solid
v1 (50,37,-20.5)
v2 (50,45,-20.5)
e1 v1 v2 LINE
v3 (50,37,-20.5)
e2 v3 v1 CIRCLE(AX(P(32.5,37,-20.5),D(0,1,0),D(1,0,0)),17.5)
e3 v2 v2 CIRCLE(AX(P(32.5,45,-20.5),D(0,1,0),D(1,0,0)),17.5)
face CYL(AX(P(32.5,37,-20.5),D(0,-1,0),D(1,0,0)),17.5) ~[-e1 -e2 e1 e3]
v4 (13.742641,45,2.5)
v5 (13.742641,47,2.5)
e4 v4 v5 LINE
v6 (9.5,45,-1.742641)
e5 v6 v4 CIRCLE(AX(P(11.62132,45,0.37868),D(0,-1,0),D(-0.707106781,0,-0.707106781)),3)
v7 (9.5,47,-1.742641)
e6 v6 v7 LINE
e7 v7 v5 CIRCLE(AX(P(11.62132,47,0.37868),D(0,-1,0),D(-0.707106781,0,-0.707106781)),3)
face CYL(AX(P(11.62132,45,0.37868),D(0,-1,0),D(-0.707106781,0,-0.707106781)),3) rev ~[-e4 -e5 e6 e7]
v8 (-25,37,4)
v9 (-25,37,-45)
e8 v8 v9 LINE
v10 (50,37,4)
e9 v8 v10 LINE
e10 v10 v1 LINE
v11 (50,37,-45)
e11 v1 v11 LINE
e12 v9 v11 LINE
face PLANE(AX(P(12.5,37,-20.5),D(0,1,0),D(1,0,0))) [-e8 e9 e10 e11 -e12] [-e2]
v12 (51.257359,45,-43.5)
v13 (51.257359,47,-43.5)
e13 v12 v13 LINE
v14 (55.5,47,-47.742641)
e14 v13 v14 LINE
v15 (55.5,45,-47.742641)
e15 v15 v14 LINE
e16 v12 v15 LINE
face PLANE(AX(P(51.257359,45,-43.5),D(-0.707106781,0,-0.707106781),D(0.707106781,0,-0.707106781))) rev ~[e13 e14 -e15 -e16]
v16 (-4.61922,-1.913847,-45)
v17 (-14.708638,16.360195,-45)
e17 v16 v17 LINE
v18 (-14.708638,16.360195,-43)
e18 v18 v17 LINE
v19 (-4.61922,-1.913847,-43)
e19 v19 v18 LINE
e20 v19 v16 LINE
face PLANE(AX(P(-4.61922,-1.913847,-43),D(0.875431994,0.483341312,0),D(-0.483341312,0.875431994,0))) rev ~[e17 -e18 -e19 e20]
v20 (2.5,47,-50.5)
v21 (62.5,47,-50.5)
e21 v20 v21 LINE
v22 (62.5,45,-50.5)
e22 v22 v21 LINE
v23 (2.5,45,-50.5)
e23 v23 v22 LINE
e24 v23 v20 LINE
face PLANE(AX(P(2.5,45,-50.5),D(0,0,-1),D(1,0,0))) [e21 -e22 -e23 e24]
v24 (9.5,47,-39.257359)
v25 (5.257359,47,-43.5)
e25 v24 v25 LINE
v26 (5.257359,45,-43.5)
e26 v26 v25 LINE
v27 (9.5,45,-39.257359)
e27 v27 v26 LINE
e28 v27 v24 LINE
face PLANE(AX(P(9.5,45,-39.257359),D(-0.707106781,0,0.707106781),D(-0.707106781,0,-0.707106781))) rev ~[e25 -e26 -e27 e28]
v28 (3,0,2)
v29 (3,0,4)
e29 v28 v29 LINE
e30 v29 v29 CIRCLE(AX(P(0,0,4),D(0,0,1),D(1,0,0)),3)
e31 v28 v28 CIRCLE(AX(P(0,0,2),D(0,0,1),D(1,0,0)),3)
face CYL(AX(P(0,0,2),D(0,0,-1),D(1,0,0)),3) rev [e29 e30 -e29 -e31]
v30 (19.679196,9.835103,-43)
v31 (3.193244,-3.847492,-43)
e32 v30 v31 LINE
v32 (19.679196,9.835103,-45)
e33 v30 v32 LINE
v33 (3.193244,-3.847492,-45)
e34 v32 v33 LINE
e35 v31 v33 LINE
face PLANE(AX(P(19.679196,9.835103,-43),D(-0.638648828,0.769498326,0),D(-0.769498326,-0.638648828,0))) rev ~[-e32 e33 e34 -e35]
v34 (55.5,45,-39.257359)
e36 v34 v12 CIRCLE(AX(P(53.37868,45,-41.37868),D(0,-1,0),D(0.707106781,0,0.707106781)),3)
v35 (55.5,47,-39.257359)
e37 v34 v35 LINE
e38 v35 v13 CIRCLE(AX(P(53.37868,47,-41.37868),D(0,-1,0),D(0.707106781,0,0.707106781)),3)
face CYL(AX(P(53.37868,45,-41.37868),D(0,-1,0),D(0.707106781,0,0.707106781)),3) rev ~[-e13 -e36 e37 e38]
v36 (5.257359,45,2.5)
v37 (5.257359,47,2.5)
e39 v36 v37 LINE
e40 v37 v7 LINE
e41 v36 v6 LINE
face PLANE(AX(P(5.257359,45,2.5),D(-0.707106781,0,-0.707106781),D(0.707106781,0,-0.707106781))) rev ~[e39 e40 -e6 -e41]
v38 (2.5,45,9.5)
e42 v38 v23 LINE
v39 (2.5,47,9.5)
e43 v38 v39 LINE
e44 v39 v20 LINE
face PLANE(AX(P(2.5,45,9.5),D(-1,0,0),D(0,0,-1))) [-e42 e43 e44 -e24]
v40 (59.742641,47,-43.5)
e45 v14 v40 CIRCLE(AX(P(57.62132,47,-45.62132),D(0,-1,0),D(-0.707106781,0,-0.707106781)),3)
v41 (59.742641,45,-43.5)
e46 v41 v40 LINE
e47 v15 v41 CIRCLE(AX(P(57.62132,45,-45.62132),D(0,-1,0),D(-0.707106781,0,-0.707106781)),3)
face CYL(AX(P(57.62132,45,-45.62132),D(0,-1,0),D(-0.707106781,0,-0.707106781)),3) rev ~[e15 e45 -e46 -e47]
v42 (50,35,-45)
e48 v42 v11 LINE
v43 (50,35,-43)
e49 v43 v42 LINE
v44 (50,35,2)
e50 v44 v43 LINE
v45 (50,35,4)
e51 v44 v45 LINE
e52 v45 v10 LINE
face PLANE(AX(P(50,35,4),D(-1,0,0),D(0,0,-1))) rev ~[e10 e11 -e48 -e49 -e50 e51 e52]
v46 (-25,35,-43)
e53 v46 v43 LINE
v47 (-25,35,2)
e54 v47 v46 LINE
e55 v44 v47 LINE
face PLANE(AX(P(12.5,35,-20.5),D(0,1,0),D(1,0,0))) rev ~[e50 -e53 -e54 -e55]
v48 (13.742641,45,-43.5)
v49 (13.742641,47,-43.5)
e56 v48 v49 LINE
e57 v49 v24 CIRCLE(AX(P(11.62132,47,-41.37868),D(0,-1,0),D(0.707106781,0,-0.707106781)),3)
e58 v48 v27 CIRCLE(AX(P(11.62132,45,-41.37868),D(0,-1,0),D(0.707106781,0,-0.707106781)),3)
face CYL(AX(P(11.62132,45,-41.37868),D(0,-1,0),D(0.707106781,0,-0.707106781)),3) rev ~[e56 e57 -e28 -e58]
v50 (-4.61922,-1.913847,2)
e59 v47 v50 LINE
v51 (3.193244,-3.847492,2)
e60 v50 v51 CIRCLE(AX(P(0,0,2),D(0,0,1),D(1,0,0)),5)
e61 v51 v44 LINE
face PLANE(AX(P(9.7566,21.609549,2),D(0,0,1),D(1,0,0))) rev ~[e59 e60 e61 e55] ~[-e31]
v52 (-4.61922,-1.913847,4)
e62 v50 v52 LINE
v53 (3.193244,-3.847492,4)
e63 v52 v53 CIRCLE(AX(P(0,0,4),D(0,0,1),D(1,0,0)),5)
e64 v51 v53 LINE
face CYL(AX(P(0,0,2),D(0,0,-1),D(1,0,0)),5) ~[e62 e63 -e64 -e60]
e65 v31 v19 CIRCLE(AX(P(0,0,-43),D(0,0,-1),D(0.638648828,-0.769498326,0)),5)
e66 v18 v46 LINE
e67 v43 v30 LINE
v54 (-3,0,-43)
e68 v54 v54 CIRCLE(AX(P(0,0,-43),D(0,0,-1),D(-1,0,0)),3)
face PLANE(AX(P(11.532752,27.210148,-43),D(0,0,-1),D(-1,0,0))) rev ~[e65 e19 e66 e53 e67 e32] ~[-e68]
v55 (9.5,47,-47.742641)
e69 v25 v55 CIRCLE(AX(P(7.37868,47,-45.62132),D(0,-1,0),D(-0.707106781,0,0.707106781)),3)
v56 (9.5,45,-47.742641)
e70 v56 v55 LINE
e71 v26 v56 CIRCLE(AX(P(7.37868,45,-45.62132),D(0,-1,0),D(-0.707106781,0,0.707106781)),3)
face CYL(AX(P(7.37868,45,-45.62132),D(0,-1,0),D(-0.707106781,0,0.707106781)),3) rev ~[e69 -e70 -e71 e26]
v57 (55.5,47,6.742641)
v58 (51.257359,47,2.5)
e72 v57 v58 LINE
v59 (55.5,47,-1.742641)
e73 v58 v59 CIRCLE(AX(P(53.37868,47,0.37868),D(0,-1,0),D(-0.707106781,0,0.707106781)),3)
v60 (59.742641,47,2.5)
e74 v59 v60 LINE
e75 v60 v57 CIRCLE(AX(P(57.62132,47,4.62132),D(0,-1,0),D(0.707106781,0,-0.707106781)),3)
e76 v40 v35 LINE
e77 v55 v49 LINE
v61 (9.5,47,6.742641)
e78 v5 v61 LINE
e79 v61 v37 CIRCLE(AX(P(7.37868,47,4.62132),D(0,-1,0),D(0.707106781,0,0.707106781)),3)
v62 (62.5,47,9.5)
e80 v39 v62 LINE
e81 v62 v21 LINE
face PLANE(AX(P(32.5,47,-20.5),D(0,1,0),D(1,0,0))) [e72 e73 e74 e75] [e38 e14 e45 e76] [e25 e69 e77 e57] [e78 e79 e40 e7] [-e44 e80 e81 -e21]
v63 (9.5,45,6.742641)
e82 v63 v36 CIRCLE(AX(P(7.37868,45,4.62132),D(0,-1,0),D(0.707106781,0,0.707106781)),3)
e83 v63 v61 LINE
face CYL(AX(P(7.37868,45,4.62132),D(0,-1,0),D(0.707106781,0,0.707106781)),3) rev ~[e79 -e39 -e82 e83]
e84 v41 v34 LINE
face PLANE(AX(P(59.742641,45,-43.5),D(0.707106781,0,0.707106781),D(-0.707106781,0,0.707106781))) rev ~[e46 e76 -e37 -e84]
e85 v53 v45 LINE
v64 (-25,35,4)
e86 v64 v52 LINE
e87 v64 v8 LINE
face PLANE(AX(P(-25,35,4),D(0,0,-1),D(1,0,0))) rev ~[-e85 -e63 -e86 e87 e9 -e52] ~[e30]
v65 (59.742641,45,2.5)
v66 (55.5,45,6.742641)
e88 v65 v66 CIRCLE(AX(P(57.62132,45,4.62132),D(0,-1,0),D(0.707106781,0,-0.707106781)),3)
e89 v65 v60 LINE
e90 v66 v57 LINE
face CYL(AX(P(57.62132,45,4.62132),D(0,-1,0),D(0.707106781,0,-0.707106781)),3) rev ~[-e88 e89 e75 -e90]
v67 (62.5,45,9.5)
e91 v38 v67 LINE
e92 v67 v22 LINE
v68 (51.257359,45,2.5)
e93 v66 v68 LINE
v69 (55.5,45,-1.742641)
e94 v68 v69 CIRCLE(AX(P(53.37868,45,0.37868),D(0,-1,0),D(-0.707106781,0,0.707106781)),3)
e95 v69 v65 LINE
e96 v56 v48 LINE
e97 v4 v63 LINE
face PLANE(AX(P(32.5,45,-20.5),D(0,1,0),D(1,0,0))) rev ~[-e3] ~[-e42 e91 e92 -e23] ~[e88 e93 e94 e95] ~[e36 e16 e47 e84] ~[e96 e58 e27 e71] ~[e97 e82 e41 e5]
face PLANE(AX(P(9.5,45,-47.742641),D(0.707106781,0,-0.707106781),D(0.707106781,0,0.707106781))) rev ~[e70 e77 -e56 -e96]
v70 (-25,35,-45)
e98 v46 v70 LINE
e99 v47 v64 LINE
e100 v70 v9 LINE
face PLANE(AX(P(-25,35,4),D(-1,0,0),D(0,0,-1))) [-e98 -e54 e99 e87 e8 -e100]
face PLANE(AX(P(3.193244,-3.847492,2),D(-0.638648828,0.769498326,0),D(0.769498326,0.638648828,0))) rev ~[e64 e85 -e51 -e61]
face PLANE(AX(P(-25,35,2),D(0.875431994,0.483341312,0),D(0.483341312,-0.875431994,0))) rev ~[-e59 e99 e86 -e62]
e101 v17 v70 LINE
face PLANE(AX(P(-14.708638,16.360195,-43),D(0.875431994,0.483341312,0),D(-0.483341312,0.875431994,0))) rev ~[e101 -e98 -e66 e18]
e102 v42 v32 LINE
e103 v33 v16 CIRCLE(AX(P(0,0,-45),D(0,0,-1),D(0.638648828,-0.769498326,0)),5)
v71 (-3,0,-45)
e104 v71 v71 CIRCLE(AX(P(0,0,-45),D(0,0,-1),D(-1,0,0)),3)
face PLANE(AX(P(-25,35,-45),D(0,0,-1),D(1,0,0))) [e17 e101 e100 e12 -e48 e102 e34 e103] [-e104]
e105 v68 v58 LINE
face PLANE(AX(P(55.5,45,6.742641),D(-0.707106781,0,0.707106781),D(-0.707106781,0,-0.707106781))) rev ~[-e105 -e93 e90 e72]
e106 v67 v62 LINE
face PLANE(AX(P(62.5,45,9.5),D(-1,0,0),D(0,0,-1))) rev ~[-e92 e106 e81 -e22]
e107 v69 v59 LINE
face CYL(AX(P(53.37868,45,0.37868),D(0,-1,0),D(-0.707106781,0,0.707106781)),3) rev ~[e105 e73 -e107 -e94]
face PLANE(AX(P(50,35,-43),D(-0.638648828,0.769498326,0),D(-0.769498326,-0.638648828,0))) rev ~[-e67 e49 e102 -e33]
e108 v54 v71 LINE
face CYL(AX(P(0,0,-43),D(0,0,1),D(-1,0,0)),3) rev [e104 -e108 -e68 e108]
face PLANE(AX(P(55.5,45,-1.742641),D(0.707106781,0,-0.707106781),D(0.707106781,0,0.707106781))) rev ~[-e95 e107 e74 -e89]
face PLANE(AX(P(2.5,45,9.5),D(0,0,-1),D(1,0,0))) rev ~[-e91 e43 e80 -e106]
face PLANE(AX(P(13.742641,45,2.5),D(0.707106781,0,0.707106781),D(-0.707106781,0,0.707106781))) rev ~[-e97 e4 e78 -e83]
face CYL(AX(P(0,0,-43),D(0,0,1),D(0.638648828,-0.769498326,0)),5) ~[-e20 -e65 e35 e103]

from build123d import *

# Parameters (mm, degrees)
BOSS_EXTRUDE1_START = 2
SKETCH1_R           = 5
SKETCH1_R_2         = 3
BOSS_EXTRUDE1_DEPTH = 2
BOSS_EXTRUDE2_START = 2
SKETCH2_R           = 3
BOSS_EXTRUDE2_DEPTH = 2
SKETCH3_W           = 75
SKETCH3_H           = 49
BOSS_EXTRUDE3_DEPTH = 2
SKETCH4_R           = 17.5
BOSS_EXTRUDE4_DEPTH = 8
SKETCH5_W           = 60
SKETCH5_H           = 60
BOSS_EXTRUDE5_DEPTH = 2


with BuildPart() as part:
    # Sketch1 → Boss-Extrude1 (new body)
    with BuildSketch(Plane.XY.offset(BOSS_EXTRUDE1_START)):
        with BuildLine():
            Line((50, 35), (-25, 35))
            Line((-25, 35), (-4.619219619, -1.91384694))
            ThreePointArc((-4.619219619, -1.91384694), (-0.975679739, 4.903881019), (5, 0))
            ThreePointArc((5, 0), (4.525827035, -2.125297543), (3.193244142, -3.847491631))
            Line((3.193244142, -3.847491631), (50, 35))
        make_face()
        Circle(SKETCH1_R)
        Circle(SKETCH1_R_2, mode=Mode.SUBTRACT)
    extrude(amount=BOSS_EXTRUDE1_DEPTH)



with BuildPart() as body_2:
    # Sketch2 → Boss-Extrude2 (new body)
    with BuildSketch(Plane(origin=(0, 0, -41), x_dir=(-1, 0, 0), z_dir=(0, 0, -1)).offset(BOSS_EXTRUDE2_START)):
        with BuildLine():
            ThreePointArc((-19.679195809, 9.835103065), (-4.101319052, 21.614328165), (14.708637674, 16.360194919))
            Line((14.708637674, 16.360194919), (25, 35))
            Line((25, 35), (-50, 35))
            Line((-50, 35), (-19.679195809, 9.835103065))
        make_face()
        with BuildLine():
            ThreePointArc((-3.193244142, -3.847491631), (1.201289708, -4.853545409), (4.619219619, -1.91384694))
            Line((4.619219619, -1.91384694), (14.708637674, 16.360194919))
            ThreePointArc((14.708637674, 16.360194919), (-4.101319052, 21.614328165), (-19.679195809, 9.835103065))
            Line((-19.679195809, 9.835103065), (-3.193244142, -3.847491631))
        make_face()
        Circle(SKETCH2_R, mode=Mode.SUBTRACT)
    extrude(amount=BOSS_EXTRUDE2_DEPTH)


with BuildPart() as part_1:
    add(part.part)

    add(body_2.part)  # Boss-Extrude3 merges body 2
    # Sketch3 → Boss-Extrude3 (add)
    with BuildSketch(Plane(origin=(0, 35, 0), x_dir=(1, 0, 0), z_dir=(0, 1, 0))):
        with Locations((12.5, 20.5)):
            Rectangle(SKETCH3_W, SKETCH3_H)
    extrude(amount=BOSS_EXTRUDE3_DEPTH)

    # Sketch4 → Boss-Extrude4 (add)
    with BuildSketch(Plane(origin=(0, 37, 0), x_dir=(1, 0, 0), z_dir=(0, 1, 0))):
        with Locations((32.5, 20.5)):
            Circle(SKETCH4_R)
    extrude(amount=BOSS_EXTRUDE4_DEPTH)

    # Sketch5 → Boss-Extrude5 (add)
    with BuildSketch(Plane(origin=(0, 45, 0), x_dir=(1, 0, 0), z_dir=(0, 1, 0))):
        with Locations((32.5, 20.5)):
            Rectangle(SKETCH5_W, SKETCH5_H)
        with BuildLine():
            Line((9.5, 47.742640687), (13.742640687, 43.5))
            ThreePointArc((13.742640687, 43.5), (13.742640687, 39.257359313), (9.5, 39.257359313))
            Line((9.5, 39.257359313), (5.257359313, 43.5))
            ThreePointArc((5.257359313, 43.5), (5.257359313, 47.742640687), (9.5, 47.742640687))
        make_face(mode=Mode.SUBTRACT)
        with BuildLine():
            Line((59.742640687, 43.5), (55.5, 39.257359313))
            ThreePointArc((55.5, 39.257359313), (51.257359313, 39.257359313), (51.257359313, 43.5))
            Line((51.257359313, 43.5), (55.5, 47.742640687))
            ThreePointArc((55.5, 47.742640687), (59.742640687, 47.742640687), (59.742640687, 43.5))
        make_face(mode=Mode.SUBTRACT)
        with BuildLine():
            Line((55.5, -6.742640687), (51.257359313, -2.5))
            ThreePointArc((51.257359313, -2.5), (51.257359313, 1.742640687), (55.5, 1.742640687))
            Line((55.5, 1.742640687), (59.742640687, -2.5))
            ThreePointArc((59.742640687, -2.5), (59.742640687, -6.742640687), (55.5, -6.742640687))
        make_face(mode=Mode.SUBTRACT)
        with BuildLine():
            Line((5.257359313, -2.5), (9.5, 1.742640687))
            ThreePointArc((9.5, 1.742640687), (13.742640687, 1.742640687), (13.742640687, -2.5))
            Line((13.742640687, -2.5), (9.5, -6.742640687))
            ThreePointArc((9.5, -6.742640687), (5.257359313, -6.742640687), (5.257359313, -2.5))
        make_face(mode=Mode.SUBTRACT)
    extrude(amount=BOSS_EXTRUDE5_DEPTH)


solid = part_1.part
